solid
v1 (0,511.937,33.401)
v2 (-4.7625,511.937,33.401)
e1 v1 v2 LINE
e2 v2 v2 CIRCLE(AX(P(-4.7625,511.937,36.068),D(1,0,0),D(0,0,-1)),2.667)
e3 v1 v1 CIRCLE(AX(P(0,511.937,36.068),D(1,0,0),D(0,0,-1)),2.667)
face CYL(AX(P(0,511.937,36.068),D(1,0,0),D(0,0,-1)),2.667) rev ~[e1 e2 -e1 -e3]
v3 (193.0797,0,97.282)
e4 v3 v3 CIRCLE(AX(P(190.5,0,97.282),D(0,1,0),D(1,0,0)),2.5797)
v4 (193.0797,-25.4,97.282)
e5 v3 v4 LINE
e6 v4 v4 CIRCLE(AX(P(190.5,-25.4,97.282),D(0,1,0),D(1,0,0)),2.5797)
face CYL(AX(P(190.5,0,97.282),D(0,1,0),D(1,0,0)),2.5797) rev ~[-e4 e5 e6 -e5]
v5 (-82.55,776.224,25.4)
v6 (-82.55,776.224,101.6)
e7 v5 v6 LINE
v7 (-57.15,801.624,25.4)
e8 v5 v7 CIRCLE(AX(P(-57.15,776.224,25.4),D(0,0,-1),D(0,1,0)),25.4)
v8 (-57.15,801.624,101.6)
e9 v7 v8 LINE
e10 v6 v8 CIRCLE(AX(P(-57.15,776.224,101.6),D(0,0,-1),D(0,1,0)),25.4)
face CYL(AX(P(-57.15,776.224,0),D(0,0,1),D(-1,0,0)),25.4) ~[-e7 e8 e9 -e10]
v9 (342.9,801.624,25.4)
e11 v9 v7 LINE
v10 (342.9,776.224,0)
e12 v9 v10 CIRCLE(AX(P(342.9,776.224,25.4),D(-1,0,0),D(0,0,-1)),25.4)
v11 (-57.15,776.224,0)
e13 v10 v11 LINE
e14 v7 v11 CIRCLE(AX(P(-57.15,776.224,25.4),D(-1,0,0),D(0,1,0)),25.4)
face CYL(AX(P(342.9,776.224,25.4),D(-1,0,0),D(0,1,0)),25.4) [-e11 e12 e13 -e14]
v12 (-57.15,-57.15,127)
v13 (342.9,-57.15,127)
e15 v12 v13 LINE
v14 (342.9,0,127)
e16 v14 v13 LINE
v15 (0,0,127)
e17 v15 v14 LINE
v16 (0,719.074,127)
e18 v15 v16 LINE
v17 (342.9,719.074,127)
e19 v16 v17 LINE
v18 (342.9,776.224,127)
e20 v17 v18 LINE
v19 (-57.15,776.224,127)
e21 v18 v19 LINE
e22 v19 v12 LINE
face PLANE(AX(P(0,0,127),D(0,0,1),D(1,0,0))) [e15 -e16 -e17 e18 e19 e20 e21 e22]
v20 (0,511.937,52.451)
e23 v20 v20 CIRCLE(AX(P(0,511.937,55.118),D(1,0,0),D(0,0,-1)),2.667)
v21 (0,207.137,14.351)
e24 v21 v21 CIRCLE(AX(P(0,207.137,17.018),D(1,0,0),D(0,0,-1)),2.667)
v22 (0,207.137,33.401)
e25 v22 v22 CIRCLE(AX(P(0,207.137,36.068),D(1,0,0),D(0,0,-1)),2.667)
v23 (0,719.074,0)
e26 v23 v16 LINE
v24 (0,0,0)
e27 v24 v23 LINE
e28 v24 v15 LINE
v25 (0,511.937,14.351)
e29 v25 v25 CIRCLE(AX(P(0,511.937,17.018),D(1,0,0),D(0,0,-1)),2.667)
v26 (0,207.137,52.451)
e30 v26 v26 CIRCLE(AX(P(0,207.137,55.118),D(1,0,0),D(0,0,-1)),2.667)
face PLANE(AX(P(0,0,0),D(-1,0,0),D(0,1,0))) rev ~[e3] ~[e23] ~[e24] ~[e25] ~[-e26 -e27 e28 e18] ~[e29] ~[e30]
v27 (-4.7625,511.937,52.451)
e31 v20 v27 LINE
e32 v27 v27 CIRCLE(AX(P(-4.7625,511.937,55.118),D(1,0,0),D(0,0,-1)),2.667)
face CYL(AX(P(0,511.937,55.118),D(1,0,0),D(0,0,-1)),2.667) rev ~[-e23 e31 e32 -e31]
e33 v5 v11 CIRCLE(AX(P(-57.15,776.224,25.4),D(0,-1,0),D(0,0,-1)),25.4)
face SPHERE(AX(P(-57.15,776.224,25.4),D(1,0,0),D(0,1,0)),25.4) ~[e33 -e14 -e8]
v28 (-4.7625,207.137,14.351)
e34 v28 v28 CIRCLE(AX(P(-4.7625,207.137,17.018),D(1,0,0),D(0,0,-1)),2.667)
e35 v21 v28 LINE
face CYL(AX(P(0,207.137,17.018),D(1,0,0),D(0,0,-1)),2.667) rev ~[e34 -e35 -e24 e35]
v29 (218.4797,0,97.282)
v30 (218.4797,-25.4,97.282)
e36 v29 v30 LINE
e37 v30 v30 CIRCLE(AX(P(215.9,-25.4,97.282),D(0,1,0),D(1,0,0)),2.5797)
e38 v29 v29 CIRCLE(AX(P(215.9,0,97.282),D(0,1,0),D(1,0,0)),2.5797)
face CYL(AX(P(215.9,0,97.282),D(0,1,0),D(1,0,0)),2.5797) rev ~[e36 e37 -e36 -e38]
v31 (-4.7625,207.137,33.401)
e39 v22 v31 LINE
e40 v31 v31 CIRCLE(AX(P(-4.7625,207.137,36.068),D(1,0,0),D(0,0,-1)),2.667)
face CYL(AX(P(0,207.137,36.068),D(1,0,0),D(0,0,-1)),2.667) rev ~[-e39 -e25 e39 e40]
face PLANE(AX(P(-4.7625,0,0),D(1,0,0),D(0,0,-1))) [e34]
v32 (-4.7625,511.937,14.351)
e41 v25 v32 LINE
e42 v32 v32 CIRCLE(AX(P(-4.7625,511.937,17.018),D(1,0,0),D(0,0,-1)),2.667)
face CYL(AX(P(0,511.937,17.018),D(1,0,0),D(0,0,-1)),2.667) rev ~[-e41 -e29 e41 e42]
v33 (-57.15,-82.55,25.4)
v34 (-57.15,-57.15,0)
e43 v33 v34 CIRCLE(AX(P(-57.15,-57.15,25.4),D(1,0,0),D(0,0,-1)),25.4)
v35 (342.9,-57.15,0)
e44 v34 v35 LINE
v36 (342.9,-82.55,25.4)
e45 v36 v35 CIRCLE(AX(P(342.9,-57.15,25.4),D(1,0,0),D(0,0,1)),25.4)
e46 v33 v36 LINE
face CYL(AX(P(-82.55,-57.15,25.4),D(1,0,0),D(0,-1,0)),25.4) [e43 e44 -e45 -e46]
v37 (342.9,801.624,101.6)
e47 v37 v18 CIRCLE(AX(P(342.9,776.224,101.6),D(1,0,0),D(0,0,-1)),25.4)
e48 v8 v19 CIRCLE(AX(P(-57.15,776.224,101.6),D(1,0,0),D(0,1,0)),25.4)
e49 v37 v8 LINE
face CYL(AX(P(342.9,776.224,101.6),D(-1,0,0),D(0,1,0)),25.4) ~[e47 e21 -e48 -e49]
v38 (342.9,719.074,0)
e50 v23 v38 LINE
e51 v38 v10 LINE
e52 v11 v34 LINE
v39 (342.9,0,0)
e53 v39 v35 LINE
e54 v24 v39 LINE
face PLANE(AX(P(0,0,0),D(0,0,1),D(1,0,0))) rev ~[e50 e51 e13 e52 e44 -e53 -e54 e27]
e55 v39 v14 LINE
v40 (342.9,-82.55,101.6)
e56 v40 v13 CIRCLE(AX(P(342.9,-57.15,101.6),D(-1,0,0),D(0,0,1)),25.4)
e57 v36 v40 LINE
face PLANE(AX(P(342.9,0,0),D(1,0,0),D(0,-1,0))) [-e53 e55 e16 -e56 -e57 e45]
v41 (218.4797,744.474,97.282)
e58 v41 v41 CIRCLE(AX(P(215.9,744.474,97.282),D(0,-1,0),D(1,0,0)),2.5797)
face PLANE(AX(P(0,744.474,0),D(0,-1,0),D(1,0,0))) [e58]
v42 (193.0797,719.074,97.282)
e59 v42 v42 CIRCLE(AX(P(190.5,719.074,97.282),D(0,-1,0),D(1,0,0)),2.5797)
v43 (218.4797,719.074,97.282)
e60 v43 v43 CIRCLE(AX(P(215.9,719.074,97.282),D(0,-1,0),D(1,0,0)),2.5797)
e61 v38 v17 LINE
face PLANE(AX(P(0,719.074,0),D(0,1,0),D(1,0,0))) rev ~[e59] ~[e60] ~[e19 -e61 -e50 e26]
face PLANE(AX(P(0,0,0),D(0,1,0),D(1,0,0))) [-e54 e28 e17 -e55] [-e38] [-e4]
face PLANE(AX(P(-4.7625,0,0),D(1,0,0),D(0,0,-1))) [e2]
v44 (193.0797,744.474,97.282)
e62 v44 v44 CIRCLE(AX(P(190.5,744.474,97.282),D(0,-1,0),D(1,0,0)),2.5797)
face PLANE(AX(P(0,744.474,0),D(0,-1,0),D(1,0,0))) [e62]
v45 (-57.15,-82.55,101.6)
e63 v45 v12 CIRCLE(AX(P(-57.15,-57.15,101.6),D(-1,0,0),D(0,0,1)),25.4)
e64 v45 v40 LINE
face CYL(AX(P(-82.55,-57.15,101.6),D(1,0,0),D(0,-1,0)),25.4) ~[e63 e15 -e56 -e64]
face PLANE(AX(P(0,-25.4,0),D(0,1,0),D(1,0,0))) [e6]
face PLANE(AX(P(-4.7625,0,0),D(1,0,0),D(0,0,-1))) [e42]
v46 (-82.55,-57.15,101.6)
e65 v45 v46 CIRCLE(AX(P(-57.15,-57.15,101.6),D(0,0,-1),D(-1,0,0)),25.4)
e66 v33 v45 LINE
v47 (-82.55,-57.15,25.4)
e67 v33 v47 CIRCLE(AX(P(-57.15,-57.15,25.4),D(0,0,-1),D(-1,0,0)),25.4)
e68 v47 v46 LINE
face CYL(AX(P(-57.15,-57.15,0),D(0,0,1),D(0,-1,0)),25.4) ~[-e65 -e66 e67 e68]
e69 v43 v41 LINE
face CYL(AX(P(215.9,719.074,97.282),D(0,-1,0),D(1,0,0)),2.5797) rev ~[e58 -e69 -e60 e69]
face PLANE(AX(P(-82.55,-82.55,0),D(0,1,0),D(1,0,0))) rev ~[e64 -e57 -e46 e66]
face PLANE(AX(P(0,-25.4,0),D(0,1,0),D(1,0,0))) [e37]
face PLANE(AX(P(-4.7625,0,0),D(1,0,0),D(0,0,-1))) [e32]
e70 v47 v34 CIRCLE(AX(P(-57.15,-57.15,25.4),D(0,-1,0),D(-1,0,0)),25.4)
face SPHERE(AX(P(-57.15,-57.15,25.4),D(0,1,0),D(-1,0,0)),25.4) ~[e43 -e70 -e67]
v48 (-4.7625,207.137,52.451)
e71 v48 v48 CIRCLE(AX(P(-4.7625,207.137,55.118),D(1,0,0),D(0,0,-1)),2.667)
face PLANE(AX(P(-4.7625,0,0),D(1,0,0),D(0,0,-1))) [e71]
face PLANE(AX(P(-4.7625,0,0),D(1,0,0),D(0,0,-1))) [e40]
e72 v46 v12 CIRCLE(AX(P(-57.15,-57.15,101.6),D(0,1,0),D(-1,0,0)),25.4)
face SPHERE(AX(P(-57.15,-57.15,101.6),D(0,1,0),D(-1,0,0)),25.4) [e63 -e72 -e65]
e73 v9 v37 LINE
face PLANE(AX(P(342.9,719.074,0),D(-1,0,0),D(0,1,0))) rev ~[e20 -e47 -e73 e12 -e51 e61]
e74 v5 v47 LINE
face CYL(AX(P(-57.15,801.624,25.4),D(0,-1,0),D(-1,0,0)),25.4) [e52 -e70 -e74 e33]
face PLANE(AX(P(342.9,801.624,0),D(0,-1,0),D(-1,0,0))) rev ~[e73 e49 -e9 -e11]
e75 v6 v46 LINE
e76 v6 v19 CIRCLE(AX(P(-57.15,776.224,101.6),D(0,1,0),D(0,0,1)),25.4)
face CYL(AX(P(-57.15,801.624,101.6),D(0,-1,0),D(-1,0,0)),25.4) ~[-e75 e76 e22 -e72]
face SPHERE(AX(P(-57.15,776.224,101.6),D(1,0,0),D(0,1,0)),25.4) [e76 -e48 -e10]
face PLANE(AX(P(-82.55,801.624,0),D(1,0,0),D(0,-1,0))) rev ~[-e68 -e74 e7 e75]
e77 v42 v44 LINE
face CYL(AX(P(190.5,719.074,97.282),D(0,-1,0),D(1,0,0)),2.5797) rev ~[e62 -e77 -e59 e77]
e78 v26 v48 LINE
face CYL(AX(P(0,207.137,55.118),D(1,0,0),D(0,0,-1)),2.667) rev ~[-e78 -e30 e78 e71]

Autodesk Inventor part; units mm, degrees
ref_plane "YZ Plane" through (0, 0, 0) normal (1, 0, 0) x (0, 1, 0)
ref_plane "XZ Plane" through (0, 0, 0) normal (0, 1, 0) x (-1, 0, 0)
ref_plane "XY Plane" through (0, 0, 0) normal (0, 0, 1) x (1, 0, 0)
sketch "Sketch1" plane through (0, 0, 0) normal (0, 0, 1) x (1, 0, 0)
  line L0 (0, 0) -> (0, 719.074)
  line L1 (0, 719.074) -> (342.9, 719.074)
  line L2 (0, 0) -> (342.9, 0)
  line L3 (342.9, 801.624) -> (-82.55, 801.624)
  line L4 (-82.55, 801.624) -> (-82.55, -82.55)
  line L5 (-82.55, -82.55) -> (342.9, -82.55)
  line L6 (342.9, 719.074) -> (342.9, 801.624)
  line L7 (342.9, 0) -> (342.9, -82.55)
  dimension "d0" = 719.074
  dimension "d1" = 342.9
  dimension "d2" = 82.55
extrude "Extrusion1" add sketch "Sketch1" along normal blind 127
fillet "Fillet1" radius 25.4 8 edges at (130.175, 801.624, 127) (130.175, 801.624, 0) (-82.55, 801.624, 63.5) (-82.55, 359.537, 127) (-82.55, 359.537, 0) (-82.55, -82.55, 63.5) (130.175, -82.55, 0) (130.175, -82.55, 127)
sketch "Sketch2" plane through (0, 719.074, 0) normal (0, -1, 0) x (1, 0, 0)
  line L0 (342.9, 0) -> (342.9, 127) construction
  line L1 (0, 127) -> (342.9, 127) construction
  line L2 (0, 127) -> (190.5, 127) construction
  line L3 (0, 0) -> (342.9, 0) construction
  line L4 (190.5, 0) -> (190.5, 97.282) construction
  line L5 (190.5, 0) -> (287.782, 0) construction
  line L6 (190.5, 97.282) -> (215.9, 97.282) construction
  circle A0 centre (190.5, 97.282) radius 2.5797
  circle A1 centre (215.9, 97.282) radius 2.5797
  dimension "d30" = 190.5
  dimension "d31" = 97.282
  dimension "d32" = 90
  dimension "d33" = 25.4
  dimension "d34" = 5.1594
sketch "Sketch3" plane through (0, 0, 0) normal (0, 1, 0) x (1, 0, 0)
  line L0 (0, 0) -> (0, -127) construction
  line L1 (0, -127) -> (190.5, -127) construction
  line L2 (342.9, -127) -> (0, -127) construction
  line L3 (190.5, -127) -> (190.5, -97.282) construction
  line L4 (190.5, -127) -> (220.218, -127) construction
  line L5 (190.5, -97.282) -> (215.9, -97.282) construction
  line L6 (190.5, -97.282) -> (215.9, -97.282) construction
  circle A0 centre (190.5, -97.282) radius 2.5797
  circle A1 centre (215.9, -97.282) radius 2.5797
  dimension "d37" = 190.5
  dimension "d38" = 29.718
  dimension "d39" = 90
  dimension "d40" = 25.4
  dimension "d41" = 0
  dimension "d42" = 5.1594
sketch "Sketch4" plane through (0, 0, 0) normal (1, 0, 0) x (0, 0, -1)
  line L0 (-127, -57.15) -> (-127, 0) construction
  line L1 (-127, 0) -> (-127, 207.137) construction
  line L2 (-127, 0) -> (-127, 719.074) construction
  line L3 (-127, 207.137) -> (-55.118, 207.137) construction
  line L4 (-55.118, 207.137) -> (-36.068, 207.137) construction
  line L5 (-36.068, 207.137) -> (-17.018, 207.137) construction
  circle A0 centre (-55.118, 207.137) radius 2.667
  circle A1 centre (-36.068, 207.137) radius 2.667
  circle A2 centre (-17.018, 207.137) radius 2.667
  line L6 (-127, 359.537) -> (0, 359.537) construction
  line L7 (0, 0) -> (0, 719.074) construction
  line L8 (-55.118, 511.937) -> (-36.068, 511.937) construction
  line L9 (-36.068, 511.937) -> (-17.018, 511.937) construction
  circle A3 centre (-55.118, 511.937) radius 2.667
  circle A4 centre (-36.068, 511.937) radius 2.667
  circle A5 centre (-17.018, 511.937) radius 2.667
  dimension "d23" = 207.137
  dimension "d24" = 71.882
  dimension "d25" = 19.05
  dimension "d26" = 19.05
  dimension "d27" = 5.334
extrude "Extrusion4" cut sketch "Sketch4" against normal blind 4.7625
extrude "Extrusion5" cut sketch "Sketch2" against normal blind 25.4
extrude "Extrusion6" cut sketch "Sketch3" against normal blind 25.4
properties part number "Bumper Side V2"
